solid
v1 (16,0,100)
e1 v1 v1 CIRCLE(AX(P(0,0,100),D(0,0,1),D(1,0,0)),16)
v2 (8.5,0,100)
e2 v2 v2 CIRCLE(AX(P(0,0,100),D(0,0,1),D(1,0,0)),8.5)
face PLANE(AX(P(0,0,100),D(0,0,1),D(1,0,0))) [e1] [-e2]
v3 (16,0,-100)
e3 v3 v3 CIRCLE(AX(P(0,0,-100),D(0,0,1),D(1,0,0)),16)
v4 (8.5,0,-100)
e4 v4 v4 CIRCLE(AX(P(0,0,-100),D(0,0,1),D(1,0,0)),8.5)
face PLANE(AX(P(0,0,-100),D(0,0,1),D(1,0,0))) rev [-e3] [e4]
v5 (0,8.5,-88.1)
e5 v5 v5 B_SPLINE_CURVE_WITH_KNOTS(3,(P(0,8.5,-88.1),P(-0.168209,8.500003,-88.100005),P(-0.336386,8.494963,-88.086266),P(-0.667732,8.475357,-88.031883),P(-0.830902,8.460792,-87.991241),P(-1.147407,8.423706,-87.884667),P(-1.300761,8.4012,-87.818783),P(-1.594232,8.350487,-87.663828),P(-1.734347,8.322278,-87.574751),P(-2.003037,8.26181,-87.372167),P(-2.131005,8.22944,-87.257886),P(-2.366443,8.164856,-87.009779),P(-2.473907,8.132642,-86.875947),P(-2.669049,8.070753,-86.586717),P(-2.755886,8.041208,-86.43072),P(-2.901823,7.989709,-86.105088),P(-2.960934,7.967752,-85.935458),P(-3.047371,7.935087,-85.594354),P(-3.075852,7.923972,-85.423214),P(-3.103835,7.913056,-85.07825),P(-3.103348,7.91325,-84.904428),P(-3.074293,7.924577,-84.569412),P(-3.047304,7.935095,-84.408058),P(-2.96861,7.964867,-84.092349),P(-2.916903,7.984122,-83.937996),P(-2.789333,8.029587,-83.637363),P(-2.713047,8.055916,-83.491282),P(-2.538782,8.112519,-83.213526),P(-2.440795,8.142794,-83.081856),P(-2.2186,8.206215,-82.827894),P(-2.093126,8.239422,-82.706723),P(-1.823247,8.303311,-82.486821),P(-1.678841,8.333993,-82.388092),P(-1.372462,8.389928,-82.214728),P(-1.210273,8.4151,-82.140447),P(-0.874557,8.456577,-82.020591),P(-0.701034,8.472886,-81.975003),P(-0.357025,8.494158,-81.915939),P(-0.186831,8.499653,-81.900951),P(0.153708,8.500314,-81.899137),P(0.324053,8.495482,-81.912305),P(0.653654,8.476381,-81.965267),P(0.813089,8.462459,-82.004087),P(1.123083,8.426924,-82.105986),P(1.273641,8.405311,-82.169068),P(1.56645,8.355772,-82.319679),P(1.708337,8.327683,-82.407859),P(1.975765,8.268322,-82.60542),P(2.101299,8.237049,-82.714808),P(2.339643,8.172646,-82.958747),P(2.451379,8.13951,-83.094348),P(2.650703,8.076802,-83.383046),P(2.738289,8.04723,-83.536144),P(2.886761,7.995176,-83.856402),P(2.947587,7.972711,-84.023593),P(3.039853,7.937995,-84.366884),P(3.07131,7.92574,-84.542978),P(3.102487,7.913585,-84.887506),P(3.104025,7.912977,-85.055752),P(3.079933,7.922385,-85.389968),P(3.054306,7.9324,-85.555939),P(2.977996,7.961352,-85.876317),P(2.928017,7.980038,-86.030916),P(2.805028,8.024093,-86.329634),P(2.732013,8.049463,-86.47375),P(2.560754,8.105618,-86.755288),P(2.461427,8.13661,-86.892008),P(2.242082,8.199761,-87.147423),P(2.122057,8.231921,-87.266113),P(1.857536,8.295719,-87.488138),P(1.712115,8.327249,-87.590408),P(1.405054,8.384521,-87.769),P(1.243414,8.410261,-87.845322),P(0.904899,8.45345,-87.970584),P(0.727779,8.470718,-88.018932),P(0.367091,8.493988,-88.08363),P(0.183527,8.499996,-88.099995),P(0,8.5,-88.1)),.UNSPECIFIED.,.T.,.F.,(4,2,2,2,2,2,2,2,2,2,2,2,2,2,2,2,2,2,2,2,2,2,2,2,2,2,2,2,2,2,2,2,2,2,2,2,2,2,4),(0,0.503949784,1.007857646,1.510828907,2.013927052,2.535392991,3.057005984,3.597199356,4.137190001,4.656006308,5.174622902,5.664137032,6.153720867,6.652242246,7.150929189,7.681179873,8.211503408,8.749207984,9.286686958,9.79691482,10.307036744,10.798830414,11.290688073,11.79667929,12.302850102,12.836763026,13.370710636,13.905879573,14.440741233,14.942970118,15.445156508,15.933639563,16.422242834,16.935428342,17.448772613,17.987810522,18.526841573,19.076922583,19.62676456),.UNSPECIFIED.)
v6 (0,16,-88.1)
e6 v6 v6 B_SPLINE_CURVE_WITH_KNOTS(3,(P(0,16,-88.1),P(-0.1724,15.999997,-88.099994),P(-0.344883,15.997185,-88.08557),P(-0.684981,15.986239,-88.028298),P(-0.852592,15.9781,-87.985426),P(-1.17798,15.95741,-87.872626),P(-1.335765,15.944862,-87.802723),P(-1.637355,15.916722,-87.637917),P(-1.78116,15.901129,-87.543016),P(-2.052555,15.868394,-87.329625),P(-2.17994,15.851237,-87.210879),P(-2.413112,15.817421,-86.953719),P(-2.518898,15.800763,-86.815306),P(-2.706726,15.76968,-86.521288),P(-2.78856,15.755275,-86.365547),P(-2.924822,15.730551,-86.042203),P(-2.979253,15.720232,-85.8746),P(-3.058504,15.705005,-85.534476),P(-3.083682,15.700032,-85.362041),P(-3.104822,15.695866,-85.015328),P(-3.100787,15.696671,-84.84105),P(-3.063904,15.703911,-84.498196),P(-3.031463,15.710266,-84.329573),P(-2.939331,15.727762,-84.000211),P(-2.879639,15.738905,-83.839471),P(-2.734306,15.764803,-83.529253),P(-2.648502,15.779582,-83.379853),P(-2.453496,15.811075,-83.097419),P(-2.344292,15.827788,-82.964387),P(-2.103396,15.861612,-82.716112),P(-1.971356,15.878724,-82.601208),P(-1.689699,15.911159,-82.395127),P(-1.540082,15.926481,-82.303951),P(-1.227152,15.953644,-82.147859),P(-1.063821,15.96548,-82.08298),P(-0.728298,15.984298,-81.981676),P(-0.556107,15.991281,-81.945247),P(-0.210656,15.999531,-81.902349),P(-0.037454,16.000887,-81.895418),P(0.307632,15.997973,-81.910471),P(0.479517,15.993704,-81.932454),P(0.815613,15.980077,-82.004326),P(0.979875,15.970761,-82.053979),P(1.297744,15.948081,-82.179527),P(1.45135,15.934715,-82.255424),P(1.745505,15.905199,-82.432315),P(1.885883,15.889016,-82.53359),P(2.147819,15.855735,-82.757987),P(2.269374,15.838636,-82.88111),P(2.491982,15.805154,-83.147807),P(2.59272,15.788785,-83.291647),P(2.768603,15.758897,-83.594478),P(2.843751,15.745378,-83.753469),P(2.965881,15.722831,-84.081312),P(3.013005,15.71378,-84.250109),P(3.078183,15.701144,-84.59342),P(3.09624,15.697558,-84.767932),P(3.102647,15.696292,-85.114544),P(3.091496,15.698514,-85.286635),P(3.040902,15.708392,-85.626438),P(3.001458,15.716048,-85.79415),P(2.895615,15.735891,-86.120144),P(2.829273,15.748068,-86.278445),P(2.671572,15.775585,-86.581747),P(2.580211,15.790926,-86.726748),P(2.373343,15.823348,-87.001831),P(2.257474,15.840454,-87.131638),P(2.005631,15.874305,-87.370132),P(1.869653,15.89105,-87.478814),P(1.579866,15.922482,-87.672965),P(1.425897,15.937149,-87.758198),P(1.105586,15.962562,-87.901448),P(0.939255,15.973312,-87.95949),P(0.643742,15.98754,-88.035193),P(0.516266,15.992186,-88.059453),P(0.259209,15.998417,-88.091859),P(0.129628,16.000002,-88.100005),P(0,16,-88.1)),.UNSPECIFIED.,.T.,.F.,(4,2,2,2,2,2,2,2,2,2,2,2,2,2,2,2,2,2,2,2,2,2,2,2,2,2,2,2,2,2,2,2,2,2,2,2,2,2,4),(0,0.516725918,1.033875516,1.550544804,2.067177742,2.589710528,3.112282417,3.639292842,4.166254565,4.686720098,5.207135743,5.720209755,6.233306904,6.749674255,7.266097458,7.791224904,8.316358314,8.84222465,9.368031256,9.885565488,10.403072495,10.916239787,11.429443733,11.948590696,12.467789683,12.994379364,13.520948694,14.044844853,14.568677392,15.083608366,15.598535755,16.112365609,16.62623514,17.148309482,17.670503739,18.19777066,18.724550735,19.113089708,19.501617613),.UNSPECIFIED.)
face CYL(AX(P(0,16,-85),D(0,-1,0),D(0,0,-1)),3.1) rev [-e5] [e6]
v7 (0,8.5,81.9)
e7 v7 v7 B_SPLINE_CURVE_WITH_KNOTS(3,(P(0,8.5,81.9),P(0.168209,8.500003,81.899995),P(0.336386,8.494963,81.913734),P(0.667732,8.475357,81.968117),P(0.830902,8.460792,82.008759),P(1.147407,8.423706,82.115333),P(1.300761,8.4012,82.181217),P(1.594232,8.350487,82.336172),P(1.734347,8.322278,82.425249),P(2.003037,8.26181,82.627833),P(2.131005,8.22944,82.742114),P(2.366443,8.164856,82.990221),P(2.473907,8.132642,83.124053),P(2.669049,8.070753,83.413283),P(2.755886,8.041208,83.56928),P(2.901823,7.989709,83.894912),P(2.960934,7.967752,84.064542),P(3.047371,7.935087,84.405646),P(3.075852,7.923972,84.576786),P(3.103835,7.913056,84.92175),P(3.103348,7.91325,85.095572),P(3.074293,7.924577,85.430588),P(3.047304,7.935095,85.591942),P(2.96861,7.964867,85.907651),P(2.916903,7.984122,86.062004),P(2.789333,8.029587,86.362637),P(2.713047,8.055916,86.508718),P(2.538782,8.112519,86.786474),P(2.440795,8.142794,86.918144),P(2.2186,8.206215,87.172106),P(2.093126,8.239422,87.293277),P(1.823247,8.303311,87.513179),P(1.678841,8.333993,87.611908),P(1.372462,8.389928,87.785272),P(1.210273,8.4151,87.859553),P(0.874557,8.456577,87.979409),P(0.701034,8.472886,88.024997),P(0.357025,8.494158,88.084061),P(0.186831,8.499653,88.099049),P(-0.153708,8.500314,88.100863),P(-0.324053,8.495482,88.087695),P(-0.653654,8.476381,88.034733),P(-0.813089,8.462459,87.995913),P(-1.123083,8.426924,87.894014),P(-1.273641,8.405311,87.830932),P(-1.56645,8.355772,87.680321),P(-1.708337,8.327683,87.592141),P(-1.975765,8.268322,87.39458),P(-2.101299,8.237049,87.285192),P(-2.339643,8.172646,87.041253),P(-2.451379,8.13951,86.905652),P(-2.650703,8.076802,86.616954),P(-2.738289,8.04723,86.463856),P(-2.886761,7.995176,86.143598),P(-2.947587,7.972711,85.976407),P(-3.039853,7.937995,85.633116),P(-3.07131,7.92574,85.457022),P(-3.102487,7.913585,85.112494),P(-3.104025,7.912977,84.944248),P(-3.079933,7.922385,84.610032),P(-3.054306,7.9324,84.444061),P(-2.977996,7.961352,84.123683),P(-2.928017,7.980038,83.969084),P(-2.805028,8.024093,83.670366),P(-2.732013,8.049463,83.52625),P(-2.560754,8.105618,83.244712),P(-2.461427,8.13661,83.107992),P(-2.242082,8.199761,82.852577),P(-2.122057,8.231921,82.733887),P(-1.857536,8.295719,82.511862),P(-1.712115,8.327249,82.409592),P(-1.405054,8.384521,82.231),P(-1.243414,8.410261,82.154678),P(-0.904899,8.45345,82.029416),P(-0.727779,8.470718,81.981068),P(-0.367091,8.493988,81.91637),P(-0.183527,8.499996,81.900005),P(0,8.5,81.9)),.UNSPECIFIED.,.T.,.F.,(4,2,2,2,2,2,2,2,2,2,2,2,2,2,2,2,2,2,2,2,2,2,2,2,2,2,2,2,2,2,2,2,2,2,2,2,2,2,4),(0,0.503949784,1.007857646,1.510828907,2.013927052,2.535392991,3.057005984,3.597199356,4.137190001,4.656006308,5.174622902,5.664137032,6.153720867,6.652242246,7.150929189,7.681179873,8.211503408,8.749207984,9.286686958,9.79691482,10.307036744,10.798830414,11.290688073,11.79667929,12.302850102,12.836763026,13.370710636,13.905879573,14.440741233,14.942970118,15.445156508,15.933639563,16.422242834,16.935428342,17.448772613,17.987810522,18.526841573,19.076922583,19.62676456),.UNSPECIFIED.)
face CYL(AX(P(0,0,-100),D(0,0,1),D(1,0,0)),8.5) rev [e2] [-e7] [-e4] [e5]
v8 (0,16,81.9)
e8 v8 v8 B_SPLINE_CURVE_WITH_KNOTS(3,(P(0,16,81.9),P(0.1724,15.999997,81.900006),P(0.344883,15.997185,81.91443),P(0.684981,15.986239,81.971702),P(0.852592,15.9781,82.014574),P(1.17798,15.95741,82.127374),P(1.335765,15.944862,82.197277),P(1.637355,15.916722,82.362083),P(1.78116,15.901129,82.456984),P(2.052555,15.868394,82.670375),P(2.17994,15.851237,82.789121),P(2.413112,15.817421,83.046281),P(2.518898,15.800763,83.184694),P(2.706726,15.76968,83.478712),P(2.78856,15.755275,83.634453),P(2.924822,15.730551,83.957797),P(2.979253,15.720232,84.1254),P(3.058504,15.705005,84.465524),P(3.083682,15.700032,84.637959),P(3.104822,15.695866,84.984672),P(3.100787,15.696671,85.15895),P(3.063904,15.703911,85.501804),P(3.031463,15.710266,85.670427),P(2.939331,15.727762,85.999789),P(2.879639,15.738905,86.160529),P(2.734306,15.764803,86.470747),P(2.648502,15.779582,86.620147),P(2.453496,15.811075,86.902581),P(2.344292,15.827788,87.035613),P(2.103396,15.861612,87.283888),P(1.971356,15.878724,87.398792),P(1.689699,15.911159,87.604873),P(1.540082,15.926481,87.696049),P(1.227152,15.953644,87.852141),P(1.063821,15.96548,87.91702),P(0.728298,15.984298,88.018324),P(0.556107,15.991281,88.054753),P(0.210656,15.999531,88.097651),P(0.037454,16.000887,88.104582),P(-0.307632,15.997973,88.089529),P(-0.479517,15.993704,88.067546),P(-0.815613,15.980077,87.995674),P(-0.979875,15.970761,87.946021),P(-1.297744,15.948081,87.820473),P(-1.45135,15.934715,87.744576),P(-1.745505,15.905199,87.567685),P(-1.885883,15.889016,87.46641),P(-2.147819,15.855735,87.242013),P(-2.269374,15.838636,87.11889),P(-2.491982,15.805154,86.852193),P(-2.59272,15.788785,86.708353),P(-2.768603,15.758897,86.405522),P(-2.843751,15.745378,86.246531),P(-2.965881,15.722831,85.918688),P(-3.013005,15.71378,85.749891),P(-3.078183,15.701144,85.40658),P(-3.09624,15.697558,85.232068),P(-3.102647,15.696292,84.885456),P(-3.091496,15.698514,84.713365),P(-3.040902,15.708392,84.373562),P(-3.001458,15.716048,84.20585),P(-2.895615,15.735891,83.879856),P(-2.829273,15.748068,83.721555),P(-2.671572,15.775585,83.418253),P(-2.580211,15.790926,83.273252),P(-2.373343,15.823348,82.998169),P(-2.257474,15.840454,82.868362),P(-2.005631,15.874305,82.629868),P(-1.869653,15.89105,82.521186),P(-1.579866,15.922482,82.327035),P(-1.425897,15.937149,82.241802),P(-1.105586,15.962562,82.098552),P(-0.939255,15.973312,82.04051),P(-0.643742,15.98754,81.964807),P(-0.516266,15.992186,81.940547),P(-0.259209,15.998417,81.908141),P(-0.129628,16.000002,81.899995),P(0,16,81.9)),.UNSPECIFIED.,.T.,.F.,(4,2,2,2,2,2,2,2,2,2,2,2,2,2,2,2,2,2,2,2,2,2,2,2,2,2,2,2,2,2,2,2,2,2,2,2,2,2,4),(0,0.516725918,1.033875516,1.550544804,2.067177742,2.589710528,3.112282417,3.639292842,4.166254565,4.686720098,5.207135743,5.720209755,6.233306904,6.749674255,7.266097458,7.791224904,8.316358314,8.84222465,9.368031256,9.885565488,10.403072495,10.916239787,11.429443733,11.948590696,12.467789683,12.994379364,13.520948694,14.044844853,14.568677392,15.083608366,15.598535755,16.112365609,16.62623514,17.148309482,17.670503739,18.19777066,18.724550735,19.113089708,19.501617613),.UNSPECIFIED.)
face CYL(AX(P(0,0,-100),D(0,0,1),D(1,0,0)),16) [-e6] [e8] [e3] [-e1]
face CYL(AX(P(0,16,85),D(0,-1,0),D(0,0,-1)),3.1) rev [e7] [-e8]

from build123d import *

# Parameters (mm, degrees)
BOSS_EXTRUDE1_DEPTH      = 100
BOSS_EXTRUDE1_DEPTH_BACK = 100
SKETCH2_R                = 16
SKETCH2_R_2              = 8.5
SKETCH4_R                = 3.1
CUT_EXTRUDE1_DEPTH       = 103.528044944


with BuildPart() as part:
    # Sketch2 → Boss-Extrude1 (new, two sides: drawn at the far end of the back side and taken through both)
    with BuildSketch(Plane.XY.offset(-BOSS_EXTRUDE1_DEPTH_BACK)):
        Circle(SKETCH2_R)
        Circle(SKETCH2_R_2, mode=Mode.SUBTRACT)
    extrude(amount=BOSS_EXTRUDE1_DEPTH + BOSS_EXTRUDE1_DEPTH_BACK)

    # Sketch4 → Cut-Extrude1 (cut, through all)
    with BuildSketch(Plane(origin=(0, 0, 0), x_dir=(1, 0, 0), z_dir=(0, 1, 0))):
        with Locations((0, -85)):
            Circle(SKETCH4_R)
    cut_extrude1 = extrude(amount=CUT_EXTRUDE1_DEPTH, mode=Mode.SUBTRACT)

    # Mirror1: Cut-Extrude1 across plane
    add(cut_extrude1.mirror(Plane.XY), mode=Mode.SUBTRACT)


solid = part.part
